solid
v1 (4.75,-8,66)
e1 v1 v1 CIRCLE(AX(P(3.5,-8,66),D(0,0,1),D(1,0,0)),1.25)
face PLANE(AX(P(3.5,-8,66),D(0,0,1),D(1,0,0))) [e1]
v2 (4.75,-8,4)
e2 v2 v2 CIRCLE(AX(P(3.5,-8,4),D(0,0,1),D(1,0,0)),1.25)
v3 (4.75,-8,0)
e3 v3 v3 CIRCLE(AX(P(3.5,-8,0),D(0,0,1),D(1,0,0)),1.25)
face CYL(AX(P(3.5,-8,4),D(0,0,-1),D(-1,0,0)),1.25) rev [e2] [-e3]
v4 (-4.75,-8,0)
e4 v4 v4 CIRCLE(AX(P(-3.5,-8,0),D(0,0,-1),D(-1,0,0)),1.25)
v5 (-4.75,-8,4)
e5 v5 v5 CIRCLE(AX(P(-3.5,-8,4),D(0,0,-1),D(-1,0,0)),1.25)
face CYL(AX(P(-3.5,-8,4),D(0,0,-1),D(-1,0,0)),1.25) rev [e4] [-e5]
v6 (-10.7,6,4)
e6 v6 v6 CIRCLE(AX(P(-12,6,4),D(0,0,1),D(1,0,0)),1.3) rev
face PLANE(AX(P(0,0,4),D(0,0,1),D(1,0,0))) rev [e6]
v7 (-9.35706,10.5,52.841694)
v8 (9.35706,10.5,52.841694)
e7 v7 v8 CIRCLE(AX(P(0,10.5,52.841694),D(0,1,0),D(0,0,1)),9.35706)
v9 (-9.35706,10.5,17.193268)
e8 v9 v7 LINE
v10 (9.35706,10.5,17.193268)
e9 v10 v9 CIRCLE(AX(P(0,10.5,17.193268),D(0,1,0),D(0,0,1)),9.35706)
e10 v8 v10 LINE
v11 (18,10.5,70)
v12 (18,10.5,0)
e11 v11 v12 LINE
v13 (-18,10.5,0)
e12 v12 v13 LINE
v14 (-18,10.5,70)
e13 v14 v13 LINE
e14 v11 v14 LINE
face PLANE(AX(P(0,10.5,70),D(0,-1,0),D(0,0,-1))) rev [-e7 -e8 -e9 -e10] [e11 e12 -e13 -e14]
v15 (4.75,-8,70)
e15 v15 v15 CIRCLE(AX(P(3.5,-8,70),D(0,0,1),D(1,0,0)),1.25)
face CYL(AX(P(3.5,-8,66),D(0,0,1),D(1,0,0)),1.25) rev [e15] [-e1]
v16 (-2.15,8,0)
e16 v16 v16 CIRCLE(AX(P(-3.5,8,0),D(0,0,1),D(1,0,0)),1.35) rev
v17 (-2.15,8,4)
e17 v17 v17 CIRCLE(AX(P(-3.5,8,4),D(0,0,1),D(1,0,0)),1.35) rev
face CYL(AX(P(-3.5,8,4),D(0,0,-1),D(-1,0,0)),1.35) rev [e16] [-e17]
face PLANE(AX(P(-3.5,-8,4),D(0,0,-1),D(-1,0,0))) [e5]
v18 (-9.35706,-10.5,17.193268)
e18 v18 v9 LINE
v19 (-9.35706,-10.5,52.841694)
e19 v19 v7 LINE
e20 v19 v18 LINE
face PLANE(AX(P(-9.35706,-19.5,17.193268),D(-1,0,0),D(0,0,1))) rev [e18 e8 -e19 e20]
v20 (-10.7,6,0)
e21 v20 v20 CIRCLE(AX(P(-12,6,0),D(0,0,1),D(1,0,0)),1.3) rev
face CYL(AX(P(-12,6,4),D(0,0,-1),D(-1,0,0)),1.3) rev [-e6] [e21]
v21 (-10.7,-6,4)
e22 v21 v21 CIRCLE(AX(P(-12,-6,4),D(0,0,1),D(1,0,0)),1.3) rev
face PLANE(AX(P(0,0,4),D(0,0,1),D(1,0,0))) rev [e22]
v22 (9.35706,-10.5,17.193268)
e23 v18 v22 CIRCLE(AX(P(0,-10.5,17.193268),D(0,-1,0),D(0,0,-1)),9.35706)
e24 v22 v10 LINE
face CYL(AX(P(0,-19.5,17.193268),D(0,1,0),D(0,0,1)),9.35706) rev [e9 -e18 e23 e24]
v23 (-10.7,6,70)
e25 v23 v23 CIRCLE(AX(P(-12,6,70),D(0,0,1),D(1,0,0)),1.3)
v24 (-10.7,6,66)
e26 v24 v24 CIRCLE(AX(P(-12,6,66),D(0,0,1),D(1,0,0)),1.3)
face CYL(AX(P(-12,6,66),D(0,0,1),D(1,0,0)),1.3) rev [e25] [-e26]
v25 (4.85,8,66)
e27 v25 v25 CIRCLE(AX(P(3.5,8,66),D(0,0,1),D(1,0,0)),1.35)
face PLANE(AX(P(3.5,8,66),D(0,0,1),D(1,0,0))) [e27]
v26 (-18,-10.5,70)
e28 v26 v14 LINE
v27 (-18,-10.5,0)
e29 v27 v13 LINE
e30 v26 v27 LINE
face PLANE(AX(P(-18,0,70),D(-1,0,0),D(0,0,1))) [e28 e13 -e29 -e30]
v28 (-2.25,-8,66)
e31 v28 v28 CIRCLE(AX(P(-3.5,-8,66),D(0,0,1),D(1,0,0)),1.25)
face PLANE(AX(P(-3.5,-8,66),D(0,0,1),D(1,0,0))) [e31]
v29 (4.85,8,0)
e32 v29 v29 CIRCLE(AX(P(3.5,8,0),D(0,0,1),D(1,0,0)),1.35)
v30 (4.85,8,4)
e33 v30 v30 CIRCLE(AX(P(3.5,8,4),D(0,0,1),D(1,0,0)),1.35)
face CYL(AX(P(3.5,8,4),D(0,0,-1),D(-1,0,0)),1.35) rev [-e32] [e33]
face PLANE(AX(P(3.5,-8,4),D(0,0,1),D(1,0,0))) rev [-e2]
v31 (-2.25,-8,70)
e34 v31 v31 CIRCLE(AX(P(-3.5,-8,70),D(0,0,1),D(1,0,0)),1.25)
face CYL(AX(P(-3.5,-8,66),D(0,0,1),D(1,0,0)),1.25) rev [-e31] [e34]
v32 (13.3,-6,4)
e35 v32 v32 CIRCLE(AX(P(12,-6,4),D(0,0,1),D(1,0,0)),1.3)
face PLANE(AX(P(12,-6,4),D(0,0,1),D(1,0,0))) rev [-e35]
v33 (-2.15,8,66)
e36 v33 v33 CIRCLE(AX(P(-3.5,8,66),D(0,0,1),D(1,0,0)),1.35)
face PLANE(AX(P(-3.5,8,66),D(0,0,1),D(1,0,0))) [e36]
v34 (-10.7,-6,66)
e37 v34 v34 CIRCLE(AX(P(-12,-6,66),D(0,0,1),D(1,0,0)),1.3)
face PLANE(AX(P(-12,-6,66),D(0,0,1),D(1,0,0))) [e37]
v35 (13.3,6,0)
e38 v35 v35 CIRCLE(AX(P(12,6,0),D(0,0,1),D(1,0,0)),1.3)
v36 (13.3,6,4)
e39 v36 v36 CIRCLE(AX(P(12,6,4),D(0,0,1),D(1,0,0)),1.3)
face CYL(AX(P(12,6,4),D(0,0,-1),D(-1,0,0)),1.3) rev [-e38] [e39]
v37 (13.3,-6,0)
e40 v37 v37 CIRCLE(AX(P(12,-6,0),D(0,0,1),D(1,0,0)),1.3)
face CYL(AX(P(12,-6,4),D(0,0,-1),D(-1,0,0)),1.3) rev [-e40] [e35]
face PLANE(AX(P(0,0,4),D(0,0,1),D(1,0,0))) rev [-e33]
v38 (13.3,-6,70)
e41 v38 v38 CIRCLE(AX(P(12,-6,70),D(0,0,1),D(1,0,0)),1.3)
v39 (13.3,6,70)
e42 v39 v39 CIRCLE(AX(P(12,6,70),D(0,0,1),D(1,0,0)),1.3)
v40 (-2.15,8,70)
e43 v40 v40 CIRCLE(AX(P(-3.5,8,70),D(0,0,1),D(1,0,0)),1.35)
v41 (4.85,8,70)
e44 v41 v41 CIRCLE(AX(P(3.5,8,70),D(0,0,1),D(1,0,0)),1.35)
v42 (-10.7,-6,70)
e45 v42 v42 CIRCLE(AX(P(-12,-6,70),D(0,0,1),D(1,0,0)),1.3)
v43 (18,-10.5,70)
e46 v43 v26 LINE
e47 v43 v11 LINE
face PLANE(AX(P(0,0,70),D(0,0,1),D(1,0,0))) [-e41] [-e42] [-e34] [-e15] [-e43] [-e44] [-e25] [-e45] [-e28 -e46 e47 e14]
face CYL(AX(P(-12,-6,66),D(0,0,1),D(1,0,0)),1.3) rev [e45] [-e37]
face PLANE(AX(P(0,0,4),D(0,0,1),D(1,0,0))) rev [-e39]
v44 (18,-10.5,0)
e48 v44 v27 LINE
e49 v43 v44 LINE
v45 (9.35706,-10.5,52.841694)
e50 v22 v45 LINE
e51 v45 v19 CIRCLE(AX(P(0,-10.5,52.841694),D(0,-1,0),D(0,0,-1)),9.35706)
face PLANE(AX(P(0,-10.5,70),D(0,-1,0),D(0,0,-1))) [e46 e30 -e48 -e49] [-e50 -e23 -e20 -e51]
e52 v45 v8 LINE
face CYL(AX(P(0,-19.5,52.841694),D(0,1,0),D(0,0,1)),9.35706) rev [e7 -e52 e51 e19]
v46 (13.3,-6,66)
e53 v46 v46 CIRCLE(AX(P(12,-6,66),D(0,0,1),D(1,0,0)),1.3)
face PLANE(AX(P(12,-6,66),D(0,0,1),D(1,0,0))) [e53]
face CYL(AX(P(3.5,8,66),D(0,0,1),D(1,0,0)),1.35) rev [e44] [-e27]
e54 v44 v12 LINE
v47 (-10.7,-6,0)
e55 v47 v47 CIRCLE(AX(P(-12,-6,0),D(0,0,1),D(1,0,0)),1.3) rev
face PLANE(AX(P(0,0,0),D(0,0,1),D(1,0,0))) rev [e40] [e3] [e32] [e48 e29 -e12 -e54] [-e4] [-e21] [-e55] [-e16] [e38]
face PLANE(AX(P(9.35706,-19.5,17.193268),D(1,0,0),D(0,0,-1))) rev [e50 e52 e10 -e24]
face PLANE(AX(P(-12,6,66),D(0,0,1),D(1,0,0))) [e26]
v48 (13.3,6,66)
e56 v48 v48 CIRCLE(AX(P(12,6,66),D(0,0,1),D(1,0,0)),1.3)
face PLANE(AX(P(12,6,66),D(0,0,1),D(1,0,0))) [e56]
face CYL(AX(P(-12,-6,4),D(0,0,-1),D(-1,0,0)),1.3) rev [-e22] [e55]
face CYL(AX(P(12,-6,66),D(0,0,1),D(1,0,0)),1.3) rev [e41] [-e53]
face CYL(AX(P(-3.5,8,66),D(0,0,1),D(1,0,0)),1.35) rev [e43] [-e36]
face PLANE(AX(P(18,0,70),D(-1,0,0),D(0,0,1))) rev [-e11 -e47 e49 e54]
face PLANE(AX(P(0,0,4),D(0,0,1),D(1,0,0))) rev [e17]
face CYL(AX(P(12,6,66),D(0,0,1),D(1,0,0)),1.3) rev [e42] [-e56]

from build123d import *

# Parameters (mm, degrees)
SKETCH_1_W          = 36
SKETCH_1_H          = 21
SKETCH_1_R          = 1.25
SKETCH_1_R_2        = 1.3
SKETCH_1_R_3        = 1.35
EXTRUDE_1_DEPTH     = 70
SKETCH_1_5_R        = 1.3
SKETCH_1_5_R_2      = 1.35
SKETCH_1_5_R_3      = 1.25
CUT_EXTRUDE_1_DEPTH = 4
CUT_EXTRUDE_START   = 70
SKETCH_1_6_R        = 1.35
SKETCH_1_6_R_2      = 1.3
SKETCH_1_6_R_3      = 1.25
CUT_EXTRUDE_2_DEPTH = 4
CUT_EXTRUDE1_DEPTH  = 30


with BuildPart() as part:
    # 스케치1 → 보스-돌출1 (new body)
    with BuildSketch(Plane.XY):
        Rectangle(SKETCH_1_W, SKETCH_1_H)
        with Locations((-3.5, -8)):
            Circle(SKETCH_1_R, mode=Mode.SUBTRACT)
        with Locations((3.5, -8)):
            Circle(SKETCH_1_R, mode=Mode.SUBTRACT)
        with Locations((-12, 6)):
            Circle(SKETCH_1_R_2, mode=Mode.SUBTRACT)
        with Locations((12, 6)):
            Circle(SKETCH_1_R_2, mode=Mode.SUBTRACT)
        with Locations((12, -6)):
            Circle(SKETCH_1_R_2, mode=Mode.SUBTRACT)
        with Locations((-12, -6)):
            Circle(SKETCH_1_R_2, mode=Mode.SUBTRACT)
        with Locations((3.5, 8)):
            Circle(SKETCH_1_R_3, mode=Mode.SUBTRACT)
        with Locations((-3.5, 8)):
            Circle(SKETCH_1_R_3, mode=Mode.SUBTRACT)
        with Locations((12, -6)):
            Circle(SKETCH_1_R_2)
        with Locations((3.5, -8)):
            Circle(SKETCH_1_R)
        with Locations((-3.5, -8)):
            Circle(SKETCH_1_R)
        with Locations((-12, -6)):
            Circle(SKETCH_1_R_2)
        with Locations((-12, 6)):
            Circle(SKETCH_1_R_2)
        with Locations((-3.5, 8)):
            Circle(SKETCH_1_R_3)
        with Locations((3.5, 8)):
            Circle(SKETCH_1_R_3)
        with Locations((12, 6)):
            Circle(SKETCH_1_R_2)
    extrude(amount=EXTRUDE_1_DEPTH)

    # 스케치1<5> → 컷-돌출1 (cut)
    with BuildSketch(Plane.XY):
        with Locations((12, 6)):
            Circle(SKETCH_1_5_R)
        with Locations((3.5, 8)):
            Circle(SKETCH_1_5_R_2)
        with Locations((-3.5, 8)):
            Circle(SKETCH_1_5_R_2)
        with Locations((-12, 6)):
            Circle(SKETCH_1_5_R)
        with Locations((-12, -6)):
            Circle(SKETCH_1_5_R)
        with Locations(Location((-3.5, -8, 0), (0, 0, 180))):
            Circle(SKETCH_1_5_R_3)
        with Locations((3.5, -8)):
            Circle(SKETCH_1_5_R_3)
        with Locations((12, -6)):
            Circle(SKETCH_1_5_R)
    extrude(amount=CUT_EXTRUDE_1_DEPTH, mode=Mode.SUBTRACT)

    # 스케치1<6> → 컷-돌출2 (cut)
    with BuildSketch(Plane.XY.offset(CUT_EXTRUDE_START)):
        with Locations((3.5, 8)):
            Circle(SKETCH_1_6_R)
        with Locations((12, 6)):
            Circle(SKETCH_1_6_R_2)
        with Locations((-3.5, 8)):
            Circle(SKETCH_1_6_R)
        with Locations((-12, 6)):
            Circle(SKETCH_1_6_R_2)
        with Locations((-12, -6)):
            Circle(SKETCH_1_6_R_2)
        with Locations(Location((-3.5, -8, 0), (0, 0, 180))):
            Circle(SKETCH_1_6_R_3)
        with Locations((3.5, -8)):
            Circle(SKETCH_1_6_R_3)
        with Locations((12, -6)):
            Circle(SKETCH_1_6_R_2)
    extrude(amount=-CUT_EXTRUDE_2_DEPTH, mode=Mode.SUBTRACT)

    # Sketch1 → Cut-Extrude1 (cut)
    with BuildSketch(Plane(origin=(0, 10.5, 0), x_dir=(1, 0, 0), z_dir=(0, 1, 0))):
        with BuildLine():
            Line((9.357060489, -17.19326846), (9.357060489, -52.841694339))
            ThreePointArc((9.357060489, -52.841694339), (0, -62.198754828), (-9.357060489, -52.841694339))
            Line((-9.357060489, -52.841694339), (-9.357060489, -17.19326846))
            ThreePointArc((-9.357060489, -17.19326846), (0, -7.836207971), (9.357060489, -17.19326846))
        make_face()
    extrude(amount=-CUT_EXTRUDE1_DEPTH, mode=Mode.SUBTRACT)


solid = part.part
